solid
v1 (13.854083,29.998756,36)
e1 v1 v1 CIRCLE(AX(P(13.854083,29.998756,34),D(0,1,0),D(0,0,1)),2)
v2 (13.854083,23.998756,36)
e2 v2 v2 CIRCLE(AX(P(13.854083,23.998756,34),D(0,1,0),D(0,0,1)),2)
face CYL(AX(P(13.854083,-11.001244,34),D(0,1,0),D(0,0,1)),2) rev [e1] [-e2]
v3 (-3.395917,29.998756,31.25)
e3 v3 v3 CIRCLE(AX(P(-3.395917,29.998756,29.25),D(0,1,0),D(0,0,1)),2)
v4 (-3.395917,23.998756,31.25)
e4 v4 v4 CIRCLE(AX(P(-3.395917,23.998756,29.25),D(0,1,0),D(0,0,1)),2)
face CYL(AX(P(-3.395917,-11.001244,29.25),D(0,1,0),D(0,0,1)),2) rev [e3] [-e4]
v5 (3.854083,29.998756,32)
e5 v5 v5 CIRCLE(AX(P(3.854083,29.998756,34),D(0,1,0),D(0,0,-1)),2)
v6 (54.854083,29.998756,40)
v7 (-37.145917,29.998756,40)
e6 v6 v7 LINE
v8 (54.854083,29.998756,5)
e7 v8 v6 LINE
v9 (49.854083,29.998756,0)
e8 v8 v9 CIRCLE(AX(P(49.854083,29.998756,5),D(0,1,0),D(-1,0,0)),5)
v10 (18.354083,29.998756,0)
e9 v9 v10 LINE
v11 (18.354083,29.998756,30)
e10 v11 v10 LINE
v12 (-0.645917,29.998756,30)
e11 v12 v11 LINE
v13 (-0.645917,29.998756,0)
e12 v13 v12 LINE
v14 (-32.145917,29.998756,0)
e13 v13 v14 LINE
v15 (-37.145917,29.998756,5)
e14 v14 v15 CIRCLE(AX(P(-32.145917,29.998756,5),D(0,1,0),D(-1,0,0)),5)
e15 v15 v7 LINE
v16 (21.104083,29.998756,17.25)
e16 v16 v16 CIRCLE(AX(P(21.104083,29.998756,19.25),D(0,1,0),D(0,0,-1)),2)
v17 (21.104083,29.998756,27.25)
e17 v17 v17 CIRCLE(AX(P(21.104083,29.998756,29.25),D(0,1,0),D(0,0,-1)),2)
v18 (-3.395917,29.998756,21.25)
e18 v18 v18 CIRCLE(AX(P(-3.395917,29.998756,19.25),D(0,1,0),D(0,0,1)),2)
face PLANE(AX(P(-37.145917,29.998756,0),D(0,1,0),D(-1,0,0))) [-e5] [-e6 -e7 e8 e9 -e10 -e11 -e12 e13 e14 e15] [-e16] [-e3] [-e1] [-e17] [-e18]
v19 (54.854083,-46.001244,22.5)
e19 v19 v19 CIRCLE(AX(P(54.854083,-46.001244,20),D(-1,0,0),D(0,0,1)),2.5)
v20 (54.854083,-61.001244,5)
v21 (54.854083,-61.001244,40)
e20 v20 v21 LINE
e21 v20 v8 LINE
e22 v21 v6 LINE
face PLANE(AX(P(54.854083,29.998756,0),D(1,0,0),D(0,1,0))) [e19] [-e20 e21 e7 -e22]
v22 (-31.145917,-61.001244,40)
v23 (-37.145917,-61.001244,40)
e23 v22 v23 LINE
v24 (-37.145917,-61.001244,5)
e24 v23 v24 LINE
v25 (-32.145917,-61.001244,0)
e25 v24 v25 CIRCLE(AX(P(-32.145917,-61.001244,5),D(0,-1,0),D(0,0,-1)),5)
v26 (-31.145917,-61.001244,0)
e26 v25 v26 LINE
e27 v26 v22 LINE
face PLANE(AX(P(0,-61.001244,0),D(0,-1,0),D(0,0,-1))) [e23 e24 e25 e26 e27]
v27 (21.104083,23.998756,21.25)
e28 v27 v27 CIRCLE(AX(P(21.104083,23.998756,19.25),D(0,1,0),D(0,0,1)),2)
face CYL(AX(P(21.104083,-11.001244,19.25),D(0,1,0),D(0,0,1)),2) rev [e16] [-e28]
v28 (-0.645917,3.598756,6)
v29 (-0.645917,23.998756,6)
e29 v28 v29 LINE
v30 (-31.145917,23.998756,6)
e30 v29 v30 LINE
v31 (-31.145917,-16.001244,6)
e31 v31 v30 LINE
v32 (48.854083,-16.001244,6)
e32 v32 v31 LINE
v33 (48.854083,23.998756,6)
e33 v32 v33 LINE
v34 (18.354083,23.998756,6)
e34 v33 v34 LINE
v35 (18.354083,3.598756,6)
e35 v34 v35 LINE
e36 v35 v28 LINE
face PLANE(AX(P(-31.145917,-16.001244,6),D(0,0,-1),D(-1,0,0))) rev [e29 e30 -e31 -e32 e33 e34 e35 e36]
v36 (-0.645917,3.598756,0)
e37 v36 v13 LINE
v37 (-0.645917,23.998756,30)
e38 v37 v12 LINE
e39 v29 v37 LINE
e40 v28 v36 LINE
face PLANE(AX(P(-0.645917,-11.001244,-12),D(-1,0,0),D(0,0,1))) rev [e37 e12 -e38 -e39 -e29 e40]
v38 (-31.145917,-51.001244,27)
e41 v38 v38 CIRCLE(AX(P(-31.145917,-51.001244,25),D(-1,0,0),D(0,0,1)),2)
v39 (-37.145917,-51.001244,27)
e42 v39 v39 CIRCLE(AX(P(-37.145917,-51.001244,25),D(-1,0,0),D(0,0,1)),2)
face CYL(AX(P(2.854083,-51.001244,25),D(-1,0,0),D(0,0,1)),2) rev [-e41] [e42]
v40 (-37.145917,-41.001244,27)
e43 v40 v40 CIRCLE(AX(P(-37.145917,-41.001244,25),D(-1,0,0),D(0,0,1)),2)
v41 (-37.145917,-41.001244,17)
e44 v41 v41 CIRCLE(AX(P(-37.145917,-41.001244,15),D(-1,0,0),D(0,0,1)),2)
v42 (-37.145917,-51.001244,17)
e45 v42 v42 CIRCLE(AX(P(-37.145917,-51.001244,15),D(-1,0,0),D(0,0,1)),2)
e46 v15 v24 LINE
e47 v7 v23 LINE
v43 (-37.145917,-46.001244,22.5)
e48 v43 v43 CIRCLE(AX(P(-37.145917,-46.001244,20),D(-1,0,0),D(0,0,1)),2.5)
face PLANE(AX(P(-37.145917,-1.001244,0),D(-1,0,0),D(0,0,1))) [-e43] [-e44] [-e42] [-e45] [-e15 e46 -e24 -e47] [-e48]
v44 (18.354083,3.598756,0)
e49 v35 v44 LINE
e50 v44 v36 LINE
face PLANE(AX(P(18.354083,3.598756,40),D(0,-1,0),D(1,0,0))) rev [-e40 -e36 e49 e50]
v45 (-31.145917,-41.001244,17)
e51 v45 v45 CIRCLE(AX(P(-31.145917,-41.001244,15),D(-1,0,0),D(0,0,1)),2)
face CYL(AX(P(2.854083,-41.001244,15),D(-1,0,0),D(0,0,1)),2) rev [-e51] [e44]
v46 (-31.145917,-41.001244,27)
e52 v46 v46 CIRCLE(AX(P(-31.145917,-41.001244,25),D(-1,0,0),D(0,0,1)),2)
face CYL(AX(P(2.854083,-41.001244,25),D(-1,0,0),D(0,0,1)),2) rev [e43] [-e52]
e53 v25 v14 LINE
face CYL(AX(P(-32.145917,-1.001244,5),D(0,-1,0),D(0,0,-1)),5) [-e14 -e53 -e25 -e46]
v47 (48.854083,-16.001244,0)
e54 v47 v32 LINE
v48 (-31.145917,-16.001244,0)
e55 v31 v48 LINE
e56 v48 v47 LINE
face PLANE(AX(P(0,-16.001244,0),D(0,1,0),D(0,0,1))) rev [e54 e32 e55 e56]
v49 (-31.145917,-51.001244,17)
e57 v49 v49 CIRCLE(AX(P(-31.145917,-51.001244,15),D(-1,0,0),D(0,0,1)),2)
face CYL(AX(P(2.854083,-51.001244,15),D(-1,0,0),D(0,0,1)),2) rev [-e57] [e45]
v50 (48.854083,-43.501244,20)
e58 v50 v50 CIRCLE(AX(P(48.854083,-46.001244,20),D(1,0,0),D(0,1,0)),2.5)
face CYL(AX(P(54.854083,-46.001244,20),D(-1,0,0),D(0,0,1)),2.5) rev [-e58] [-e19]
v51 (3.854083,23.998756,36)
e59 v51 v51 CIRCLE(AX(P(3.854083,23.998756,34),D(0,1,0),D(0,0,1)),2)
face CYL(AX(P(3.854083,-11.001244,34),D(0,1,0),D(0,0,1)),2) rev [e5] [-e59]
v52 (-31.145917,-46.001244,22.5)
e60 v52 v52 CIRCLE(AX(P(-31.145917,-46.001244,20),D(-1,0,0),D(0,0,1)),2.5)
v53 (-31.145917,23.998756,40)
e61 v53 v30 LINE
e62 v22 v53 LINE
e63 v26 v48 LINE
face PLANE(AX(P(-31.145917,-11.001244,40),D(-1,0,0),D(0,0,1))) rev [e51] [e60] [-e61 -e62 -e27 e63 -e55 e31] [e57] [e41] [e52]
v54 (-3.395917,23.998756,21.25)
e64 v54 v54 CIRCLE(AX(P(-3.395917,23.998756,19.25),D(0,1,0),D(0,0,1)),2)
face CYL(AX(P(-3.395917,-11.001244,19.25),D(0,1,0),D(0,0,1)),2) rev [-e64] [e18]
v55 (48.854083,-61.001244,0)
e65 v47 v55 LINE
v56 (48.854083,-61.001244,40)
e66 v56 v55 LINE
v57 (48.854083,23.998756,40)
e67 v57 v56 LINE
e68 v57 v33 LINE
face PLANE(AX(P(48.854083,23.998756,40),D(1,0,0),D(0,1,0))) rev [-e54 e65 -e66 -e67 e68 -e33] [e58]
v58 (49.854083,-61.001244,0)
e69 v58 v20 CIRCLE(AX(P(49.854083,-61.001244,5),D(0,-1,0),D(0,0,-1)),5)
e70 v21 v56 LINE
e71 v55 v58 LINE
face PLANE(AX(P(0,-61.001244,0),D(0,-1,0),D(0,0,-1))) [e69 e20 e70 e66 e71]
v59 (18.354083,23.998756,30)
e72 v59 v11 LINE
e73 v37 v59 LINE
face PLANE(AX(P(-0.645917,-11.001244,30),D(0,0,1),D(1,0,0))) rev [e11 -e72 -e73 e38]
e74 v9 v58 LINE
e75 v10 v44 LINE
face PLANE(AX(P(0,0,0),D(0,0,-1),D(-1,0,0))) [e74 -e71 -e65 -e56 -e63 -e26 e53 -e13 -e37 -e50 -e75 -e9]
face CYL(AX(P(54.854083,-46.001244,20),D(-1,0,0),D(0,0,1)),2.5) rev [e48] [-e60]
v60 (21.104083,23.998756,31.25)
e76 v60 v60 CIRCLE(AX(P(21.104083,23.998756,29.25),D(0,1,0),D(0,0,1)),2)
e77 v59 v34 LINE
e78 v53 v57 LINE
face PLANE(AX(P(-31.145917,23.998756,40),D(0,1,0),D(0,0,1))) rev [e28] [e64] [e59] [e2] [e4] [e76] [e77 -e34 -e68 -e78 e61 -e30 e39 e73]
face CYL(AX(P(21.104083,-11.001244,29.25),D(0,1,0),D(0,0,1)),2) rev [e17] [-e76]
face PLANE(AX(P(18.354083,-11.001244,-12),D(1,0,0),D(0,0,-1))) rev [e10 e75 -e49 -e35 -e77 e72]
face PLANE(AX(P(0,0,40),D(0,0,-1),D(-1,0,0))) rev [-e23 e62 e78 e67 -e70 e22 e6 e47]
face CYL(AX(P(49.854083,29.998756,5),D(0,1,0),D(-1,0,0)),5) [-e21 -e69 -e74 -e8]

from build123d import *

# Parameters (mm, degrees)
SALIENTE_EXTRUIR1_DEPTH    = 40
CROQUIS5_W                 = 40
CROQUIS5_H                 = 10
CORTAR_EXTRUIR2_DEPTH      = 40
SALIENTE_EXTRUIR2_DEPTH    = 40
CROQUIS6_R                 = 2
CROQUIS6_W                 = 19
CROQUIS6_H                 = 42
CORTAR_EXTRUIR3_DEPTH      = 3
CORTAR_EXTRUIR3_DEPTH_BACK = 40
CROQUIS9_W                 = 6
CROQUIS9_H                 = 40
SALIENTE_EXTRUIR3_DEPTH    = 60
CROQUIS10_W                = 6
CROQUIS10_H                = 40
SALIENTE_EXTRUIR4_DEPTH    = 50
CROQUIS11_R                = 2.5
CORTAR_EXTRUIR4_DEPTH      = 1
CORTAR_EXTRUIR4_DEPTH_BACK = 93
CROQUIS12_W                = 80
CROQUIS12_H                = 6
SALIENTE_EXTRUIR5_DEPTH    = 40
CROQUIS13_W                = 19
CROQUIS13_H                = 20.4
CORTAR_EXTRUIR5_DEPTH      = 40
CROQUIS14_R                = 2
CROQUIS14_R_2              = 2.5
CORTAR_EXTRUIR6_DEPTH      = 40
REDONDEO3_R                = 5


with BuildPart() as part:
    # Croquis2 → Saliente-Extruir1 (new body)
    with BuildSketch(Plane.XY):
        Polygon((-31.145916957, -11.001243781), (-31.145916957, 23.998756219), (48.854083043, 23.998756219), (48.854083043, -11.001243781), (52.854083043, -11.001243781), (52.854083043, 27.998756219), (-35.145916957, 27.998756219), (-35.145916957, -11.001243781), align=None)
    extrude(amount=SALIENTE_EXTRUIR1_DEPTH)

    # Croquis5 → Cortar-Extruir2 (cut)
    with BuildSketch(Plane.ZY.offset(35.145916957)):
        with Locations((20, -6.001243781)):
            Rectangle(CROQUIS5_W, CROQUIS5_H)
    extrude(amount=-CORTAR_EXTRUIR2_DEPTH, mode=Mode.SUBTRACT)

    # Croquis7 → Saliente-Extruir2 (add)
    with BuildSketch(Plane.XY.offset(40)):
        Polygon((-35.145916957, -1.001243781), (-37.145916957, -1.001243781), (-37.145916957, 29.998756219), (54.854083043, 29.998756219), (54.854083043, -11.001243781), (52.854083043, -11.001243781), (52.854083043, 27.998756219), (-35.145916957, 27.998756219), align=None)
    extrude(amount=-SALIENTE_EXTRUIR2_DEPTH)

    # Croquis6 → Cortar-Extruir3 (cut, two sides)
    with BuildSketch(Plane(origin=(0, 27.998756219, 0), x_dir=(1, 0, 0), z_dir=(0, 1, 0))) as cortar_extruir3_sk:
        with Locations((13.854083043, -34)):
            Circle(CROQUIS6_R)
        with Locations((3.854083043, -34)):
            Circle(CROQUIS6_R)
        with Locations((-3.395916957, -29.25)):
            Circle(CROQUIS6_R)
        with Locations((-3.395916957, -19.25)):
            Circle(CROQUIS6_R)
        with Locations((21.104083043, -19.25)):
            Circle(CROQUIS6_R)
        with Locations((21.104083043, -29.25)):
            Circle(CROQUIS6_R)
        with Locations((8.854083043, -9)):
            Rectangle(CROQUIS6_W, CROQUIS6_H)
    extrude(amount=CORTAR_EXTRUIR3_DEPTH, mode=Mode.SUBTRACT)
    extrude(cortar_extruir3_sk.sketch, amount=-CORTAR_EXTRUIR3_DEPTH_BACK, mode=Mode.SUBTRACT)

    # Croquis9 → Saliente-Extruir3 (add)
    with BuildSketch(Plane.XZ.offset(1.001243781)):
        with Locations((-34.145916957, 20)):
            Rectangle(CROQUIS9_W, CROQUIS9_H)
    extrude(amount=SALIENTE_EXTRUIR3_DEPTH)

    # Croquis10 → Saliente-Extruir4 (add)
    with BuildSketch(Plane.XZ.offset(11.001243781)):
        with Locations((51.854083043, 20)):
            Rectangle(CROQUIS10_W, CROQUIS10_H)
    extrude(amount=SALIENTE_EXTRUIR4_DEPTH)

    # Croquis11 → Cortar-Extruir4 (cut, two sides)
    with BuildSketch(Plane.ZY.offset(37.145916957)) as cortar_extruir4_sk:
        with Locations((20, -46.001243781)):
            Circle(CROQUIS11_R)
    extrude(amount=CORTAR_EXTRUIR4_DEPTH, mode=Mode.SUBTRACT)
    extrude(cortar_extruir4_sk.sketch, amount=-CORTAR_EXTRUIR4_DEPTH_BACK, mode=Mode.SUBTRACT)

    # Croquis12 → Saliente-Extruir5 (add)
    with BuildSketch(Plane.XZ.offset(-23.998756219)):
        with Locations((8.854083043, 3)):
            Rectangle(CROQUIS12_W, CROQUIS12_H)
    extrude(amount=SALIENTE_EXTRUIR5_DEPTH)

    # Croquis13 → Cortar-Extruir5 (cut)
    with BuildSketch(Plane(origin=(0, 0, 0), x_dir=(-1, 0, 0), z_dir=(0, 0, -1))):
        with Locations((-8.854083043, 13.798756219)):
            Rectangle(CROQUIS13_W, CROQUIS13_H)
    extrude(amount=-CORTAR_EXTRUIR5_DEPTH, mode=Mode.SUBTRACT)

    # Croquis14 → Cortar-Extruir6 (cut)
    with BuildSketch(Plane.ZY.offset(37.145916957)):
        with Locations((25, -51.001243781)):
            Circle(CROQUIS14_R)
        with Locations((25, -41.001243781)):
            Circle(CROQUIS14_R)
        with Locations((15, -51.001243781)):
            Circle(CROQUIS14_R)
        with Locations((15, -41.001243781)):
            Circle(CROQUIS14_R)
        with Locations((20, -46.001243781)):
            Circle(CROQUIS14_R_2)
    extrude(amount=-CORTAR_EXTRUIR6_DEPTH, mode=Mode.SUBTRACT)

    # Redondeo3
    redondeo3_edges = [part.edges().sort_by_distance(p)[0] for p in [
        (-37.145916957, -15.501243781, 0),
        (54.854083043, -15.501243781, 0),
    ]]
    fillet(redondeo3_edges, radius=REDONDEO3_R)


solid = part.part
